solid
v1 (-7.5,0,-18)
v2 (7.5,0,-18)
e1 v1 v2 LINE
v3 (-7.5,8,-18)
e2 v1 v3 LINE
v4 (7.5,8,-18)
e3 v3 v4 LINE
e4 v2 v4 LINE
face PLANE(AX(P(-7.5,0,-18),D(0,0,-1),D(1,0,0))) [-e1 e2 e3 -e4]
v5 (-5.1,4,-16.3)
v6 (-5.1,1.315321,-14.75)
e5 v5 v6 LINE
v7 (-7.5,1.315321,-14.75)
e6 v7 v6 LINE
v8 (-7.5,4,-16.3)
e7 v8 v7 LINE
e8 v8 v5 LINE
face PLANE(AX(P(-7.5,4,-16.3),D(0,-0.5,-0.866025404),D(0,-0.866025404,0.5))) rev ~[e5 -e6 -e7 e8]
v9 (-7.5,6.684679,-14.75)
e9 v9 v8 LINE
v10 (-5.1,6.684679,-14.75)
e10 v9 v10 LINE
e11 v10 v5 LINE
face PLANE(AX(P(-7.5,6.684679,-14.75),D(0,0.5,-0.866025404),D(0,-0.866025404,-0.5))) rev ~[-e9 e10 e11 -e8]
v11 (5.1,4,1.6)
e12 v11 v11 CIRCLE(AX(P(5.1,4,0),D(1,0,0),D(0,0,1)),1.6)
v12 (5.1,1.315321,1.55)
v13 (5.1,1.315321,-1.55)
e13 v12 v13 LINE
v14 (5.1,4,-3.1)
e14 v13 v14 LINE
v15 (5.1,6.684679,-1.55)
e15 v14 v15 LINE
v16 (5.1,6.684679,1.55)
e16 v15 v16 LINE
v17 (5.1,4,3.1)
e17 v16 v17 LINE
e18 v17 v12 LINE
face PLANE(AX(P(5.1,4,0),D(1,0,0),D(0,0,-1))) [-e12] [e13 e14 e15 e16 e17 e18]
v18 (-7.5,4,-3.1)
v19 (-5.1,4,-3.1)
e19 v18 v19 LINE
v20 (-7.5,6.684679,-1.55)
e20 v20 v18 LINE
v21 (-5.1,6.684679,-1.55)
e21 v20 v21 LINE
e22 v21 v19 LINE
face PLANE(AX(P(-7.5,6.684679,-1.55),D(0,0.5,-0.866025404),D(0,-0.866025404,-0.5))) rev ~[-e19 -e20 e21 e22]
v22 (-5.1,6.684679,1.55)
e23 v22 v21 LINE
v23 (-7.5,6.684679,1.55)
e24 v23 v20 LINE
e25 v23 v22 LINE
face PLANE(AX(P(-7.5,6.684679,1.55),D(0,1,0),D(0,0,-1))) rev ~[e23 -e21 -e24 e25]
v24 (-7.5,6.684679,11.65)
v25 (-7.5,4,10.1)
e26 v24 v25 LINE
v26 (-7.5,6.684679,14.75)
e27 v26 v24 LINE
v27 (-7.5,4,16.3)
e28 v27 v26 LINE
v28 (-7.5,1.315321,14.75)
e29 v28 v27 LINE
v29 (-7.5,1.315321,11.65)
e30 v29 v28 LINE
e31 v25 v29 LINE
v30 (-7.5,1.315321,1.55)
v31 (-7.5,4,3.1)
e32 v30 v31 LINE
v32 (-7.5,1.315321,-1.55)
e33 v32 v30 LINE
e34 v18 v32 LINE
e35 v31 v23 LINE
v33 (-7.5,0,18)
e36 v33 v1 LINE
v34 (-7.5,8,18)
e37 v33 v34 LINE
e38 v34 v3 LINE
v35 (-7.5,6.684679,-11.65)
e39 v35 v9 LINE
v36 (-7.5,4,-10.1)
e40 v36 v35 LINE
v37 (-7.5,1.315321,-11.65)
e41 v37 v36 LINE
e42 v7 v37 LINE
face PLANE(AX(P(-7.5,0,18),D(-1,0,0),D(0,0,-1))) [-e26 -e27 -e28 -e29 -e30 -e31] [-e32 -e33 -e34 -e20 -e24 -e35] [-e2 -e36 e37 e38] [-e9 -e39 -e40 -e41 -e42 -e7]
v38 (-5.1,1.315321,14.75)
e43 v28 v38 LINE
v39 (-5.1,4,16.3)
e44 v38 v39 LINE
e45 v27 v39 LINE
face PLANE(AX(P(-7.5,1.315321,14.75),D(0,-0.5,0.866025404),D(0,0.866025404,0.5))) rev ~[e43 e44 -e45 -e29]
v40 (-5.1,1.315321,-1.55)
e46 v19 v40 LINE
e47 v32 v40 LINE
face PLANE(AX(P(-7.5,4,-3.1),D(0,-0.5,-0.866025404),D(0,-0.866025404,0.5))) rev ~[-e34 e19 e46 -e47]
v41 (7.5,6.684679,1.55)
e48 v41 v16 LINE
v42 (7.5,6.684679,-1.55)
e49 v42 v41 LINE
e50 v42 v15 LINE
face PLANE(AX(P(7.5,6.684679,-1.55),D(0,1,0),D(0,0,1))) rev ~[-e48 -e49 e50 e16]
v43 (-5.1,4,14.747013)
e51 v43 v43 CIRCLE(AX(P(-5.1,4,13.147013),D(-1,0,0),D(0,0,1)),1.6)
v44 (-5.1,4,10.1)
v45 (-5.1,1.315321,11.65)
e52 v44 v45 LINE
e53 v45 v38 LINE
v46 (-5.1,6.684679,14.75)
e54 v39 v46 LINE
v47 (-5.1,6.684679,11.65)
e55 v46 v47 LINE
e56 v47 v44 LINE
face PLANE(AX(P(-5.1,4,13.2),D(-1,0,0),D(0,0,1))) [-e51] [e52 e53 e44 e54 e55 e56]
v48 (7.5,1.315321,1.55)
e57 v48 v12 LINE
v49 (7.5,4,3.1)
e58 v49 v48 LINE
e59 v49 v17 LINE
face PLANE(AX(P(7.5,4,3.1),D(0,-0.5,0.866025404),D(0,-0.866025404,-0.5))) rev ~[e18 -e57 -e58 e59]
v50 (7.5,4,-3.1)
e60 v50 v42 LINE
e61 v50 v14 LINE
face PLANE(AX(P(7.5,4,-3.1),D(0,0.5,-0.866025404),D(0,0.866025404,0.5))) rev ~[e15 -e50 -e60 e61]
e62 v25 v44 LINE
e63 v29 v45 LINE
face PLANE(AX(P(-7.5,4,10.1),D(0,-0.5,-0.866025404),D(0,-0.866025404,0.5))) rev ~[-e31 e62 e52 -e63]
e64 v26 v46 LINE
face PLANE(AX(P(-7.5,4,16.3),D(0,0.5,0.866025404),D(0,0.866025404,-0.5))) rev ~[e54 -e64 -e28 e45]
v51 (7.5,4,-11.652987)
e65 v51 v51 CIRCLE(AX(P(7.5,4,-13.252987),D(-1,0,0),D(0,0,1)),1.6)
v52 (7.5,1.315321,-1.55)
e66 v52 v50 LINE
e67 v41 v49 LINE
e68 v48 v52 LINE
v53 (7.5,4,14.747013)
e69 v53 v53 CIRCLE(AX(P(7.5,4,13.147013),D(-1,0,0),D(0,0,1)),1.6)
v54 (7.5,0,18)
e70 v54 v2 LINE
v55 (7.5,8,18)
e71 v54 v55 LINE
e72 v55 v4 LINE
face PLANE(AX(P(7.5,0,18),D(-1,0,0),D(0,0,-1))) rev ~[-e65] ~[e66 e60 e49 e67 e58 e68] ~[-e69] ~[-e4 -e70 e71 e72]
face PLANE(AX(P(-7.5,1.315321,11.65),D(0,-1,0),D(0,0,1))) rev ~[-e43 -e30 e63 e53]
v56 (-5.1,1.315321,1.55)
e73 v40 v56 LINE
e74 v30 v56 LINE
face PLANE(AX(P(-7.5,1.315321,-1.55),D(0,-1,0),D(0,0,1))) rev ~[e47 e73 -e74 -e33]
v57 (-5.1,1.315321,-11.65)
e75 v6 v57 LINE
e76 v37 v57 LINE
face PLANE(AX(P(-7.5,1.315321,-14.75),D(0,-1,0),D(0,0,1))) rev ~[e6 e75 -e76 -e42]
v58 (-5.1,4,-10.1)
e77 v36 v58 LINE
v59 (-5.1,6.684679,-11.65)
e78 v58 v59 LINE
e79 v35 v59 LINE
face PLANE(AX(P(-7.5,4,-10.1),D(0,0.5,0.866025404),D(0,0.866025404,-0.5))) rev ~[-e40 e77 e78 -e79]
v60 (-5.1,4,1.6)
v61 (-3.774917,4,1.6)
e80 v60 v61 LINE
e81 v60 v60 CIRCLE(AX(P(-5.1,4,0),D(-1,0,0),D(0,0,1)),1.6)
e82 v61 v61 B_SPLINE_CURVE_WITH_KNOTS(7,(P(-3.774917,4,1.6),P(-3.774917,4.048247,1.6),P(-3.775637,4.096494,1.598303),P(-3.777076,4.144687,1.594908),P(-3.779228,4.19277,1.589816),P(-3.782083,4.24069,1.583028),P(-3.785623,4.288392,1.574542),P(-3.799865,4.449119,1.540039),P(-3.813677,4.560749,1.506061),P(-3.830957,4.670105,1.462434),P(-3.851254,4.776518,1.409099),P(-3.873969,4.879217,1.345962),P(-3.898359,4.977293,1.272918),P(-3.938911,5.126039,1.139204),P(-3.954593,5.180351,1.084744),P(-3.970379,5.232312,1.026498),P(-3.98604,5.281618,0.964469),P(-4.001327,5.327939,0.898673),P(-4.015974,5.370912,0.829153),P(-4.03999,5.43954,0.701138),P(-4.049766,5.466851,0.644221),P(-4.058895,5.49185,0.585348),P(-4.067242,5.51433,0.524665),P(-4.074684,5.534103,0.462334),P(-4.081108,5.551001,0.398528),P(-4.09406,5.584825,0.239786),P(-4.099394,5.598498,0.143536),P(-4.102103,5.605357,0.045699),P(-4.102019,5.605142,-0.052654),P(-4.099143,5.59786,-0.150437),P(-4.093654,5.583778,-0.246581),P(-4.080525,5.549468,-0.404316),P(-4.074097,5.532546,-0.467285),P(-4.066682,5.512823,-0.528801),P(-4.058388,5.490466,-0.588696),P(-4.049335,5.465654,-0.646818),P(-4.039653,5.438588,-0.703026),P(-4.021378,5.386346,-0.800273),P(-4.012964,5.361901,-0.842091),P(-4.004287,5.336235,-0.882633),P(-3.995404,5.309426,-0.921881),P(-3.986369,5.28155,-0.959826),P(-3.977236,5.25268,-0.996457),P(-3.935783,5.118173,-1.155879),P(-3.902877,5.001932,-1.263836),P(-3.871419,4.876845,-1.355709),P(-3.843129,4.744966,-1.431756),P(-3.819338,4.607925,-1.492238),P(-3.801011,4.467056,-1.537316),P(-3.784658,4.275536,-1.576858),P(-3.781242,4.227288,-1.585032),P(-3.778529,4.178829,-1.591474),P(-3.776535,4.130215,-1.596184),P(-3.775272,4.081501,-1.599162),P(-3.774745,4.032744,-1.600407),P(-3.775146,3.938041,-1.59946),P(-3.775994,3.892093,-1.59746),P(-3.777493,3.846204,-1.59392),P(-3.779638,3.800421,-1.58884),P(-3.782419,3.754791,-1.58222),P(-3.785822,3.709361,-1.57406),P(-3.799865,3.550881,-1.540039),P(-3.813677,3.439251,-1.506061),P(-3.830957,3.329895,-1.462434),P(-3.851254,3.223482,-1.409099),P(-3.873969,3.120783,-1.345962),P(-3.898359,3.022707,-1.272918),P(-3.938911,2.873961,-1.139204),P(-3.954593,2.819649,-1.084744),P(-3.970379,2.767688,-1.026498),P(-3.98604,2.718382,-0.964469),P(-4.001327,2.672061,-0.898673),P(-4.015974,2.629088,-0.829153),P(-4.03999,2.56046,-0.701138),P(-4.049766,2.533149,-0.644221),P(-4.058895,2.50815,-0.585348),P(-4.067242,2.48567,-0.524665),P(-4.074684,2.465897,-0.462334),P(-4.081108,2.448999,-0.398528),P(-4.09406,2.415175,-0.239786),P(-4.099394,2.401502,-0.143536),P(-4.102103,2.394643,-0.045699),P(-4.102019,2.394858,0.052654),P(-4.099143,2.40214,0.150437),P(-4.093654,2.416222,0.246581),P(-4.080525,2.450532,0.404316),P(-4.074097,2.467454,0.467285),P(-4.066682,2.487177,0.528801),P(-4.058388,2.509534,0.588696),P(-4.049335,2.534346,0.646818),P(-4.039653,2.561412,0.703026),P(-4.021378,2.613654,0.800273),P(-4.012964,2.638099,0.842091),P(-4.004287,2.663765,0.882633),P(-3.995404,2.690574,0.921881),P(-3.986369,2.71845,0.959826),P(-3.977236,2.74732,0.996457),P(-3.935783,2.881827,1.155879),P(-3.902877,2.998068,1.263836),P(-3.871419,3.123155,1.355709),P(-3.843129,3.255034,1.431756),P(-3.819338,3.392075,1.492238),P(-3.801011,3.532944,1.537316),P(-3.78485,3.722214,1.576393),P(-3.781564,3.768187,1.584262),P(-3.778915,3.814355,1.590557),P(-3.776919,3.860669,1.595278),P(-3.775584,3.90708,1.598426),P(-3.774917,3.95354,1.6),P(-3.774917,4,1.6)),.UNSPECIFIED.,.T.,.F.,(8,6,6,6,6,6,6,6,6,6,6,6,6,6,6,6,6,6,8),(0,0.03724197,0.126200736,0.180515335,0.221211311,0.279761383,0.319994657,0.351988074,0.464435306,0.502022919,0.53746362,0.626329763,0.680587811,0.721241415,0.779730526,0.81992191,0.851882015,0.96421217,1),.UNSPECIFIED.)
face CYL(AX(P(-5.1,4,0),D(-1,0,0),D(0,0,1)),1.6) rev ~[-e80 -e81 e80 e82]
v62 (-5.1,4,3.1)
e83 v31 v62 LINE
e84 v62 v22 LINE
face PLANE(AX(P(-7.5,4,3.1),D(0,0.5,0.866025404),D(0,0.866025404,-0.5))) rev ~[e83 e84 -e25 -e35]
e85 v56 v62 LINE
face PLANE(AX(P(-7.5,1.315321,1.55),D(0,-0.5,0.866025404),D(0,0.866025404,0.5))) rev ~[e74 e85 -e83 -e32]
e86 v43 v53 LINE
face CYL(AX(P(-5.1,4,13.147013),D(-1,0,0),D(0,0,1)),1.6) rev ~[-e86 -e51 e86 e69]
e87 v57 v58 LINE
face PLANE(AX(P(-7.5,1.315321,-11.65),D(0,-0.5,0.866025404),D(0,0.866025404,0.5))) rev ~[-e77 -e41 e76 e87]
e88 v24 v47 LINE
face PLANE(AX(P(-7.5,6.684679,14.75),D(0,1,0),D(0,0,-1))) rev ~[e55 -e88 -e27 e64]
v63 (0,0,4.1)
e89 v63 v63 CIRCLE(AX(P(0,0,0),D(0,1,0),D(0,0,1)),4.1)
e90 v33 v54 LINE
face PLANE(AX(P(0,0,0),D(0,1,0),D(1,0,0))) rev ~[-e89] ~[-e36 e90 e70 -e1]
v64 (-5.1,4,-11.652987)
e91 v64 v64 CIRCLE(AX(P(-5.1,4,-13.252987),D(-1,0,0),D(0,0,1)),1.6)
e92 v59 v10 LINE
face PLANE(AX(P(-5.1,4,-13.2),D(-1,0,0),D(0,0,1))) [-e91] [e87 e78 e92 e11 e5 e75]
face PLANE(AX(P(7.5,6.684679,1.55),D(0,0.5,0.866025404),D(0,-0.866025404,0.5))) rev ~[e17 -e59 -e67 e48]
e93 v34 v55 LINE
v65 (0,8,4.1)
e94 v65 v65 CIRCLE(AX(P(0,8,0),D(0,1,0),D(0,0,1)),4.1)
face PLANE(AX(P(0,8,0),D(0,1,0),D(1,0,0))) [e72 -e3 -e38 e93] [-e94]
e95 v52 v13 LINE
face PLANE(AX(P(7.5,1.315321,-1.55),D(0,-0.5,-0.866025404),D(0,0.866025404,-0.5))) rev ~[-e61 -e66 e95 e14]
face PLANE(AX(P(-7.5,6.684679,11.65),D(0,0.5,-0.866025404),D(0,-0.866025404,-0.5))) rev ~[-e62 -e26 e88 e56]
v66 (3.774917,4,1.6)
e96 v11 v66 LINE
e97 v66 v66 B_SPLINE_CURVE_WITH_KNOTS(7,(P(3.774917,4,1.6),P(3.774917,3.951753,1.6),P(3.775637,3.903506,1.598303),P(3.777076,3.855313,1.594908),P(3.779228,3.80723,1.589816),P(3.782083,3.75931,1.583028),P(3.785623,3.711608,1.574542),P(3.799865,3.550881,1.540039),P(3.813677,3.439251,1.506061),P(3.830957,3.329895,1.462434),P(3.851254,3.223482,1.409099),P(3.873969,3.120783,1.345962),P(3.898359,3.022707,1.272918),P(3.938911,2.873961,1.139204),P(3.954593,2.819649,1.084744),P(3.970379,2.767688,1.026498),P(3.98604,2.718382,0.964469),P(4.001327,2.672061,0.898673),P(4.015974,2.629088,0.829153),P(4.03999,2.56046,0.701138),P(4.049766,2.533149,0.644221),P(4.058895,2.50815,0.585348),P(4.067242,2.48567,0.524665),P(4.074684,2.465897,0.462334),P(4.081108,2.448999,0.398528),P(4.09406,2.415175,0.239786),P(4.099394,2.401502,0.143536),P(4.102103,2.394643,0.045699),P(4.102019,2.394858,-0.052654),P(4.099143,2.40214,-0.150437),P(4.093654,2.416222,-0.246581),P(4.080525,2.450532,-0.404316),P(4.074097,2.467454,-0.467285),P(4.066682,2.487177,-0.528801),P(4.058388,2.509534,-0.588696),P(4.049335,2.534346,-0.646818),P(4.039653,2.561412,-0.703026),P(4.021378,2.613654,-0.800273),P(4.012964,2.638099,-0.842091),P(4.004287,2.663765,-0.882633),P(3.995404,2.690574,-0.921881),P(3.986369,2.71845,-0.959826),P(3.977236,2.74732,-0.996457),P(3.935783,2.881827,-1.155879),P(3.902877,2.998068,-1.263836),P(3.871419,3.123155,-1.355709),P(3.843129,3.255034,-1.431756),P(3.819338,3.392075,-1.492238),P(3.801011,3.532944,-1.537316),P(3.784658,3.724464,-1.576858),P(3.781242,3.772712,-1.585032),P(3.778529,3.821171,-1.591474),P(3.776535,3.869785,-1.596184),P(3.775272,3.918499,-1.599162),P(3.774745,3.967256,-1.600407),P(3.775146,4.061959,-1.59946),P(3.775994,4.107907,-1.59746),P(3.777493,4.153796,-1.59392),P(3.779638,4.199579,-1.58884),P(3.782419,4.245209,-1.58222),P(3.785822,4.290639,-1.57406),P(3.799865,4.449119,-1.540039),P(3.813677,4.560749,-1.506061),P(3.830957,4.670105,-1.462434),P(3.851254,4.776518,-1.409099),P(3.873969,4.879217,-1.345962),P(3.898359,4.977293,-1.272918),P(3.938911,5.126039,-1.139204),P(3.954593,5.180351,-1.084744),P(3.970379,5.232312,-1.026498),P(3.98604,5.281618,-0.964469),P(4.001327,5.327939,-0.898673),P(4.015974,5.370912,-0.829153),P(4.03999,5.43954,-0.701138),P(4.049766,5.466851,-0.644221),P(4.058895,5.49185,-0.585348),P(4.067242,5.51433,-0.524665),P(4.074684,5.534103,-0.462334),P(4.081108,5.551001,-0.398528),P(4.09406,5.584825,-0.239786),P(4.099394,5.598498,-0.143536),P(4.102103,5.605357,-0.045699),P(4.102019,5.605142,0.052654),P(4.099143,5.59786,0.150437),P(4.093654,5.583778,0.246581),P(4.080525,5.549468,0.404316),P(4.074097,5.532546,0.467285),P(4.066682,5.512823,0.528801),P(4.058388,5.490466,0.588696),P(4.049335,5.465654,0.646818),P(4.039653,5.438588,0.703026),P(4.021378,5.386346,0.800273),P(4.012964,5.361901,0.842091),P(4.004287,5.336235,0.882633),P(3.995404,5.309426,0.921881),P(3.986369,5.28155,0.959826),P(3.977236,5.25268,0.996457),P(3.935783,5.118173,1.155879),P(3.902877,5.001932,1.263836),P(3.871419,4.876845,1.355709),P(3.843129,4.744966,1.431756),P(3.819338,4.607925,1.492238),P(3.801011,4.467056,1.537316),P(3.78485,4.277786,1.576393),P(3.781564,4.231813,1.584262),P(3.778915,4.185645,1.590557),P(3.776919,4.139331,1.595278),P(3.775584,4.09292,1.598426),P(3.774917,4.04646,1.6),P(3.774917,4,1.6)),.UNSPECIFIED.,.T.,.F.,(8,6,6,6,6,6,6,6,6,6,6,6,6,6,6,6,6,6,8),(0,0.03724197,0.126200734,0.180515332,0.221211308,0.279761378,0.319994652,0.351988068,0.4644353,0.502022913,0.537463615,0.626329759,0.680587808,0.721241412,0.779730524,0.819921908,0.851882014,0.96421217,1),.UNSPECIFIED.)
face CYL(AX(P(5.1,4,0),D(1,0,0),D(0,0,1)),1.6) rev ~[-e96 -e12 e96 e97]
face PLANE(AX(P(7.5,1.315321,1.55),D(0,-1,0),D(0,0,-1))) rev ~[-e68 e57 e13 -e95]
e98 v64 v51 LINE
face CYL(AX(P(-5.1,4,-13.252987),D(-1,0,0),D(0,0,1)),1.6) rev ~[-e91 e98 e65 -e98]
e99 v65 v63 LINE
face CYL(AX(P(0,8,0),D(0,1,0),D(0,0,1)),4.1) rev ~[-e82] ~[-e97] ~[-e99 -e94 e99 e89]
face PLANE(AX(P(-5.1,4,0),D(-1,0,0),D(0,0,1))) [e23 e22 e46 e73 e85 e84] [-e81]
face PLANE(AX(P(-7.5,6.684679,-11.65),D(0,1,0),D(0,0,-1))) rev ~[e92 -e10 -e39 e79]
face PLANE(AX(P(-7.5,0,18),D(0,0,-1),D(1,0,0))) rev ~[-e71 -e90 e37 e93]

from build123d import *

# Parameters (mm, degrees)
SKETCH2_W                = 15
SKETCH2_H                = 36
BOSS_EXTRUDE1_DEPTH      = 8
SKETCH4_R                = 4.1
CUT_EXTRUDE1_DEPTH       = 22.077238908
CUT_EXTRUDE2_DEPTH       = 2.4
CUT_EXTRUDE5_DEPTH       = 2.4
CUT_EXTRUDE8_DEPTH       = 2.4
CUT_EXTRUDE9_REACH       = 25.383
CUT_EXTRUDE9_END_RADIUS  = 4.1
SKETCH21_R               = 1.6
CUT_EXTRUDE10_REACH      = 25.383
CUT_EXTRUDE10_END_RADIUS = 4.1
SKETCH16_R               = 1.6
SKETCH24_R               = 1.6
CUT_EXTRUDE11_DEPTH      = 24.382899769


with BuildPart() as part:
    # Sketch2 → Boss-Extrude1 (new body)
    with BuildSketch(Plane(origin=(0, 0, 0), x_dir=(1, 0, 0), z_dir=(0, 1, 0))):
        Rectangle(SKETCH2_W, SKETCH2_H)
    extrude(amount=BOSS_EXTRUDE1_DEPTH)

    # Sketch4 → Cut-Extrude1 (cut, through all)
    with BuildSketch(Plane(origin=(0, 8, 0), x_dir=(1, 0, 0), z_dir=(0, 1, 0))):
        with Locations(Location((0, 0, 0), (0, 0, 270))):
            Circle(SKETCH4_R)
    extrude(amount=-CUT_EXTRUDE1_DEPTH, mode=Mode.SUBTRACT)

    # Sketch13 → Cut-Extrude2 (cut)
    with BuildSketch(Plane.ZY.offset(7.5)):
        Polygon((16.3, 4), (14.75, 6.684678752), (11.65, 6.684678752), (10.1, 4), (11.65, 1.315321248), (14.75, 1.315321248), align=None)
        Polygon((-10.1, 4), (-11.65, 6.684678752), (-14.75, 6.684678752), (-16.3, 4), (-14.75, 1.315321248), (-11.65, 1.315321248), align=None)
    extrude(amount=-CUT_EXTRUDE2_DEPTH, mode=Mode.SUBTRACT)

    # Sketch15 → Cut-Extrude5 (cut)
    with BuildSketch(Plane(origin=(7.5, 0, 0), x_dir=(0, 0, -1), z_dir=(1, 0, 0))):
        Polygon((-3.1, 4), (-1.55, 1.315321248), (1.55, 1.315321248), (3.1, 4), (1.55, 6.684678752), (-1.55, 6.684678752), align=None)
    extrude(amount=-CUT_EXTRUDE5_DEPTH, mode=Mode.SUBTRACT)

    # Sketch20 → Cut-Extrude8 (cut)
    with BuildSketch(Plane.ZY.offset(7.5)):
        Polygon((3.1, 4), (1.55, 6.684678752), (-1.55, 6.684678752), (-3.1, 4), (-1.55, 1.315321248), (1.55, 1.315321248), align=None)
    extrude(amount=-CUT_EXTRUDE8_DEPTH, mode=Mode.SUBTRACT)

    # Cut-Extrude9: up to this cylinder (the profile starts outside it)
    cut_extrude9_end = Plane(origin=(0, 4, 0), z_dir=(0, 1, 0)) * Cylinder(CUT_EXTRUDE9_END_RADIUS, 59.966, mode=Mode.PRIVATE)
    # Sketch21 → Cut-Extrude9 (cut, up to the surface)
    with BuildSketch(Plane.ZY.offset(5.1), mode=Mode.PRIVATE) as cut_extrude9_sk1:
        with Locations((0, 4)):
            Circle(SKETCH21_R)
    cut_extrude9_tool1 = extrude(cut_extrude9_sk1.sketch, amount=-CUT_EXTRUDE9_REACH, mode=Mode.PRIVATE) - cut_extrude9_end
    add(cut_extrude9_tool1.solids().sort_by_distance((-5.1, 4, 0))[0], mode=Mode.SUBTRACT)

    # Cut-Extrude10: up to this cylinder (the profile starts outside it)
    cut_extrude10_end = Plane(origin=(0, 4, 0), z_dir=(0, 1, 0)) * Cylinder(CUT_EXTRUDE10_END_RADIUS, 59.966, mode=Mode.PRIVATE)
    # Sketch16 → Cut-Extrude10 (cut, up to the surface)
    with BuildSketch(Plane(origin=(5.1, 0, 0), x_dir=(0, 0, -1), z_dir=(1, 0, 0)), mode=Mode.PRIVATE) as cut_extrude10_sk1:
        with Locations(Location((0, 4, 0), (0, 0, 180))):
            Circle(SKETCH16_R)
    cut_extrude10_tool1 = extrude(cut_extrude10_sk1.sketch, amount=-CUT_EXTRUDE10_REACH, mode=Mode.PRIVATE) - cut_extrude10_end
    add(cut_extrude10_tool1.solids().sort_by_distance((5.1, 4, 0))[0], mode=Mode.SUBTRACT)

    # Sketch24 → Cut-Extrude11 (cut, through all)
    with BuildSketch(Plane.ZY.offset(5.1)):
        with Locations((13.147013408, 4)):
            Circle(SKETCH24_R)
        with Locations((-13.252986592, 4)):
            Circle(SKETCH24_R)
    extrude(amount=-CUT_EXTRUDE11_DEPTH, mode=Mode.SUBTRACT)


solid = part.part
